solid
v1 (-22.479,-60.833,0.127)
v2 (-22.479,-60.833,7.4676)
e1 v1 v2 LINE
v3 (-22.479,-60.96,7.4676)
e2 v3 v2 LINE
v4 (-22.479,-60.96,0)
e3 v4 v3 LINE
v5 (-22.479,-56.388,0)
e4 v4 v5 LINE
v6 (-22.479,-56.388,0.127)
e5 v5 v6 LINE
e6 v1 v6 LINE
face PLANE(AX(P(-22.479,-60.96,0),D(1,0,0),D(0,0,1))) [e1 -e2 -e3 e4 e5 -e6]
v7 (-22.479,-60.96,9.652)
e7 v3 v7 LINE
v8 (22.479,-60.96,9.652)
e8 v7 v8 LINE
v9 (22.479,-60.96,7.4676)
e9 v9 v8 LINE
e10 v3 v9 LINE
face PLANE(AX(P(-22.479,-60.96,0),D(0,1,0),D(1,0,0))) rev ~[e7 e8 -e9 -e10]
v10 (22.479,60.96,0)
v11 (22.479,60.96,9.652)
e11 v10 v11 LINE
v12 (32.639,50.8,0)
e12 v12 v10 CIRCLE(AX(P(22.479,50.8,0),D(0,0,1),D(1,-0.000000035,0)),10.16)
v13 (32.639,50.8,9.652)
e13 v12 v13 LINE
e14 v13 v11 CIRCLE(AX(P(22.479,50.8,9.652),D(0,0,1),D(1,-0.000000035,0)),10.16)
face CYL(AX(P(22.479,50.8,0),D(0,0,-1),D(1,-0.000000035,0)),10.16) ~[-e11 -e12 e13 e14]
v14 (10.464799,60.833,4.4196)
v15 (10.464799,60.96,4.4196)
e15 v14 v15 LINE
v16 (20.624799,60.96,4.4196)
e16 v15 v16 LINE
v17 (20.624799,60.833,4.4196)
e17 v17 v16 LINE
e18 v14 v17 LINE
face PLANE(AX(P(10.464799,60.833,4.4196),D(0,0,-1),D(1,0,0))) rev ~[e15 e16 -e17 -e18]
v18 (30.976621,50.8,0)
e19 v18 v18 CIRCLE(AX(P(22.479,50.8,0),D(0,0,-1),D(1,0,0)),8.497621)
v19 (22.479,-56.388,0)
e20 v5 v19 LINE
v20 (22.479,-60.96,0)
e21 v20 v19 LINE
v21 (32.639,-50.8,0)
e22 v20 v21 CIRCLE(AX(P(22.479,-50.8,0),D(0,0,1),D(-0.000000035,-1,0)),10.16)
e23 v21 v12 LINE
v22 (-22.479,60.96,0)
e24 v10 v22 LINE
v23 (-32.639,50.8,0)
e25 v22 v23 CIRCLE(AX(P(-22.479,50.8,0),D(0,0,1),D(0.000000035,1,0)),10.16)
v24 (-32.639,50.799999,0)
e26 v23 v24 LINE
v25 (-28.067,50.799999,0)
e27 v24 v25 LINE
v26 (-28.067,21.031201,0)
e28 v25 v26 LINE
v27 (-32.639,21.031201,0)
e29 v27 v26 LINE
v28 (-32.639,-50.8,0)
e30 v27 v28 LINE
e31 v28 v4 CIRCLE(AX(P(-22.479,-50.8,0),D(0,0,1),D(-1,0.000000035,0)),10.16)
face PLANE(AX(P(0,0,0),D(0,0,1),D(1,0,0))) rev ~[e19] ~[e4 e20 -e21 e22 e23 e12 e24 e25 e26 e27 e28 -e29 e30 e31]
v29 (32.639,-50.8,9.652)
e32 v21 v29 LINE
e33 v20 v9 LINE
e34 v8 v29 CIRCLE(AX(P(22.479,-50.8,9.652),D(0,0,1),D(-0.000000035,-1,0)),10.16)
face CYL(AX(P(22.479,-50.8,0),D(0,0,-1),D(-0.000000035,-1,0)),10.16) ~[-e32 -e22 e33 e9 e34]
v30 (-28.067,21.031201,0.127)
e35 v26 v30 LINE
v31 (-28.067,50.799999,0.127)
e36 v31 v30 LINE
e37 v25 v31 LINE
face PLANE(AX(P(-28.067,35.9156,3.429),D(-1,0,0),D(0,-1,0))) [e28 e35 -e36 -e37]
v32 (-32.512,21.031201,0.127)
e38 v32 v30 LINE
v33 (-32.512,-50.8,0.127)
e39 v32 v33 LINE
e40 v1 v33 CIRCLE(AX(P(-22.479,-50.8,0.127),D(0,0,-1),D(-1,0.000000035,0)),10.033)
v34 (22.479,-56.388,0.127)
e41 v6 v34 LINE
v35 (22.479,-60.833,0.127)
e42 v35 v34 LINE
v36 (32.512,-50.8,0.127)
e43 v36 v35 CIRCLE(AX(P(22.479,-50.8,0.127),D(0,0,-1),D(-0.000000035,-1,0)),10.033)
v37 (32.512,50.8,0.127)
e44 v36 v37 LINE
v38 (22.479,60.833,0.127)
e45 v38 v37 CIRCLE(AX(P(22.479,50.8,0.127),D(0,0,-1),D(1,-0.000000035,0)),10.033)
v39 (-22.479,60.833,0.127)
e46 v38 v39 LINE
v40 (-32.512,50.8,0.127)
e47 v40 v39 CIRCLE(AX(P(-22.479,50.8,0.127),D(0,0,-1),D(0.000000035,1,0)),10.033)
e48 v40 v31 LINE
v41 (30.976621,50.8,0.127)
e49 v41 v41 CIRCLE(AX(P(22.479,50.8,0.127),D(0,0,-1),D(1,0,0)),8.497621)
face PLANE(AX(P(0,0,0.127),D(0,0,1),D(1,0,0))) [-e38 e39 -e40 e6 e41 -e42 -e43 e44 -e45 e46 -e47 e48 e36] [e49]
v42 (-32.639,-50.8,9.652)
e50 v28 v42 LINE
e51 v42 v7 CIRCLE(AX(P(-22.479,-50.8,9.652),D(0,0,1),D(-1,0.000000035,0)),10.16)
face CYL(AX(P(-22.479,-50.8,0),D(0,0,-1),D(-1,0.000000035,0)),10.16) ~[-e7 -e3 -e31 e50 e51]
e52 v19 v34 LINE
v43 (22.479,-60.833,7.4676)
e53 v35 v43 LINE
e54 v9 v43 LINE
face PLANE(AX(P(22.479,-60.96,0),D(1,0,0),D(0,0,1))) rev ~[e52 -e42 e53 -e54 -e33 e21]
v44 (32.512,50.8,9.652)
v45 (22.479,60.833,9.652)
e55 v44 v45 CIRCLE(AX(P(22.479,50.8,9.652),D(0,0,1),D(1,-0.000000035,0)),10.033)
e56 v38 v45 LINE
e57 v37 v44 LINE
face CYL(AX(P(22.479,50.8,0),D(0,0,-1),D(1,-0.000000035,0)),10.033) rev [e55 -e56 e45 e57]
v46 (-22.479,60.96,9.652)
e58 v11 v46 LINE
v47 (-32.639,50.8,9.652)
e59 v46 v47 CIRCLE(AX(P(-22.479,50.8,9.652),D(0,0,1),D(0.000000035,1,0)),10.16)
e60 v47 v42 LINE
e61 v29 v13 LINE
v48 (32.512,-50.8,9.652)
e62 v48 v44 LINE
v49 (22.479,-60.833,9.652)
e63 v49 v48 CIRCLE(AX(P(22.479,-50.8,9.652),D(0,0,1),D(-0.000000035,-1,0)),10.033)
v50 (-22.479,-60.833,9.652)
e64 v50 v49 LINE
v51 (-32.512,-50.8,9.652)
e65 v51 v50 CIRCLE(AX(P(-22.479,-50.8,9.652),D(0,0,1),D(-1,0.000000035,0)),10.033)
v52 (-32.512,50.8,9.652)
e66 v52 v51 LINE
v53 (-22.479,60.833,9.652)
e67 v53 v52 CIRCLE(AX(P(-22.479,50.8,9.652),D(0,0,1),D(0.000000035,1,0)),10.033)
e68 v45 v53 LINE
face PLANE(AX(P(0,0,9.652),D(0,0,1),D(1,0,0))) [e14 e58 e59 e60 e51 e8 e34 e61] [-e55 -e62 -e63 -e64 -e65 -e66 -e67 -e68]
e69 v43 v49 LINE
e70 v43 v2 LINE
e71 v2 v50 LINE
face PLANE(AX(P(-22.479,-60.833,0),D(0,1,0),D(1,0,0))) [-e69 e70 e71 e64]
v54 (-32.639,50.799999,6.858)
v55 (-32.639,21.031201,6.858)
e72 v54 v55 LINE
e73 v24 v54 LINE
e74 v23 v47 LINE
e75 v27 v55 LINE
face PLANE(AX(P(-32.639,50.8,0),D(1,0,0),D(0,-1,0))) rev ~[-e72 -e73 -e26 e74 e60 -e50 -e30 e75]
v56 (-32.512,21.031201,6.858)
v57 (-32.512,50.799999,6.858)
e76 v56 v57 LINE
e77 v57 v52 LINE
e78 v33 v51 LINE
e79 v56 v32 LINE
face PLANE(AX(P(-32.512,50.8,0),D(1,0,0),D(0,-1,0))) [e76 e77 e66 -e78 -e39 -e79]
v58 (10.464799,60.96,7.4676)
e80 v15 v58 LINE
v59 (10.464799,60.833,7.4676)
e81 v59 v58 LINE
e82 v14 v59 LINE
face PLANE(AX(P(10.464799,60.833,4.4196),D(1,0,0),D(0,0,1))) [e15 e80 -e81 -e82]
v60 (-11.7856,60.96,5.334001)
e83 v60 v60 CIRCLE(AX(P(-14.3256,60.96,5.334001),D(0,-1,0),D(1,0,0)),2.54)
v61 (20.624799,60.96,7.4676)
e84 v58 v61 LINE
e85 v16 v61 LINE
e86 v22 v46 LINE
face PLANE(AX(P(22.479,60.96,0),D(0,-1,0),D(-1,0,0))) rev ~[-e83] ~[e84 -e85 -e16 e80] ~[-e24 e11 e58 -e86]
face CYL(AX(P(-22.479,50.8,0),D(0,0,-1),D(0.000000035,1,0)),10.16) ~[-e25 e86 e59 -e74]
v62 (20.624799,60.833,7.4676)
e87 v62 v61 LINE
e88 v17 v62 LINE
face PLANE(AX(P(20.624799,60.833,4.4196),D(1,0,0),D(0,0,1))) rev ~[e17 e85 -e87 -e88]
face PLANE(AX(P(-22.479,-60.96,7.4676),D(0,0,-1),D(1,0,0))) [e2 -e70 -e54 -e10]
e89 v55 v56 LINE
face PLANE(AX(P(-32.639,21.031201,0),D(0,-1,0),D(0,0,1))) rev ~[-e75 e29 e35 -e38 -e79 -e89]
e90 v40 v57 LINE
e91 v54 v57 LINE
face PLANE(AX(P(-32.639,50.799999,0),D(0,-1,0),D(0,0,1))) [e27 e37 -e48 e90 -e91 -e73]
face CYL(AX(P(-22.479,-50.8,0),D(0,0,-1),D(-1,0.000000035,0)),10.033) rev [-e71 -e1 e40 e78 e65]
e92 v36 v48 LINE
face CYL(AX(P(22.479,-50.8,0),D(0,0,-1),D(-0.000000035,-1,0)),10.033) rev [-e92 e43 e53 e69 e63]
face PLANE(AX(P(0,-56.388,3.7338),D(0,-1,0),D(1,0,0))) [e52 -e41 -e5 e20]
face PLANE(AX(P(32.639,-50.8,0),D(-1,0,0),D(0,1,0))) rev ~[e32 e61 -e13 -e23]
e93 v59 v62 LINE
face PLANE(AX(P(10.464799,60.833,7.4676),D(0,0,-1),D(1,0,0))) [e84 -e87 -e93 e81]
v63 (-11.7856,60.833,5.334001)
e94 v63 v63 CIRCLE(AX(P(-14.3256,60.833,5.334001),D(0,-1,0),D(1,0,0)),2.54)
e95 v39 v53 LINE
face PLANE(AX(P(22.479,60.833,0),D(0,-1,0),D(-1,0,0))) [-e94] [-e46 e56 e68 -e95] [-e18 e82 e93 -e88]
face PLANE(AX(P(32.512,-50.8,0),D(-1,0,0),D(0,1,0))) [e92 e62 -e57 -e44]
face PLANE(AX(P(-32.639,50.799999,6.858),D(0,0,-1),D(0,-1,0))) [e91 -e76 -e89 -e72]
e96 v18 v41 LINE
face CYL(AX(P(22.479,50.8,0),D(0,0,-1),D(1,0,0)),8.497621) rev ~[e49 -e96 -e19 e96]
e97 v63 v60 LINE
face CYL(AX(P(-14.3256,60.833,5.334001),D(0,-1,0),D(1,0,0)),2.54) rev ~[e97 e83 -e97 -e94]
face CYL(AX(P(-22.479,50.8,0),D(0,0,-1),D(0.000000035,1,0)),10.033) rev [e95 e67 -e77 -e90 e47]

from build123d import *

# Parameters (mm, degrees)
F1_DEPTH  = 9.652
F2_T      = -0.127
F3_W      = 10.16
F3_H      = 3.048
F3_R      = 2.54
F4_DEPTH  = 4.572
F5_W      = 29.768799
F5_H      = 6.858
F6_DEPTH  = 4.572
F7_W      = 44.958
F7_H      = 7.4676
F8_DEPTH  = 4.572
F9_R      = 8.497621
F10_DEPTH = 25.4


with BuildPart() as f1:
    # F0 (on Top) → F1 (new body)
    with BuildSketch(Plane.XY):
        with BuildLine():
            Line((22.479, 60.96), (-22.479, 60.96))
            ThreePointArc((-22.479, 60.96), (-29.663205, 57.984205), (-32.639, 50.8))
            Line((-32.639, 50.8), (-32.639, -50.8))
            ThreePointArc((-32.639, -50.8), (-29.663205, -57.984205), (-22.479, -60.96))
            Line((-22.479, -60.96), (22.479, -60.96))
            ThreePointArc((22.479, -60.96), (29.663205, -57.984205), (32.639, -50.8))
            Line((32.639, -50.8), (32.639, 50.8))
            ThreePointArc((32.639, 50.8), (29.663205, 57.984205), (22.479, 60.96))
        make_face()
    extrude(amount=F1_DEPTH)

    # F2
    f2_openings = [f1.faces().sort_by_distance(p)[0] for p in [
        (0, 0, 9.652),
    ]]
    offset(amount=F2_T, openings=f2_openings)

    # F3 (on face) → F4 (cut)
    with BuildSketch(Plane.XZ.offset(-60.833)):
        with Locations((15.544799, 5.9436)):
            Rectangle(F3_W, F3_H)
        with Locations((-14.3256, 5.334001)):
            Circle(F3_R)
    extrude(amount=-F4_DEPTH, mode=Mode.SUBTRACT)

    # F5 (on face) → F6 (cut)
    with BuildSketch(Plane(origin=(-32.639, 0, 0), x_dir=(0, -1, 0), z_dir=(-1, 0, 0))):
        with Locations((-35.9156, 3.429)):
            Rectangle(F5_W, F5_H)
    extrude(amount=-F6_DEPTH, mode=Mode.SUBTRACT)

    # F7 (on face) → F8 (cut)
    with BuildSketch(Plane.XZ.offset(60.96)):
        with Locations((0, 3.7338)):
            Rectangle(F7_W, F7_H)
    extrude(amount=-F8_DEPTH, mode=Mode.SUBTRACT)

    # F9 (on face) → F10 (cut)
    with BuildSketch(Plane(origin=(0, 0, 0), x_dir=(1, 0, 0), z_dir=(0, 0, -1))):
        with Locations((22.479, -50.8)):
            Circle(F9_R)
    extrude(amount=-F10_DEPTH, mode=Mode.SUBTRACT)


solid = f1.part
